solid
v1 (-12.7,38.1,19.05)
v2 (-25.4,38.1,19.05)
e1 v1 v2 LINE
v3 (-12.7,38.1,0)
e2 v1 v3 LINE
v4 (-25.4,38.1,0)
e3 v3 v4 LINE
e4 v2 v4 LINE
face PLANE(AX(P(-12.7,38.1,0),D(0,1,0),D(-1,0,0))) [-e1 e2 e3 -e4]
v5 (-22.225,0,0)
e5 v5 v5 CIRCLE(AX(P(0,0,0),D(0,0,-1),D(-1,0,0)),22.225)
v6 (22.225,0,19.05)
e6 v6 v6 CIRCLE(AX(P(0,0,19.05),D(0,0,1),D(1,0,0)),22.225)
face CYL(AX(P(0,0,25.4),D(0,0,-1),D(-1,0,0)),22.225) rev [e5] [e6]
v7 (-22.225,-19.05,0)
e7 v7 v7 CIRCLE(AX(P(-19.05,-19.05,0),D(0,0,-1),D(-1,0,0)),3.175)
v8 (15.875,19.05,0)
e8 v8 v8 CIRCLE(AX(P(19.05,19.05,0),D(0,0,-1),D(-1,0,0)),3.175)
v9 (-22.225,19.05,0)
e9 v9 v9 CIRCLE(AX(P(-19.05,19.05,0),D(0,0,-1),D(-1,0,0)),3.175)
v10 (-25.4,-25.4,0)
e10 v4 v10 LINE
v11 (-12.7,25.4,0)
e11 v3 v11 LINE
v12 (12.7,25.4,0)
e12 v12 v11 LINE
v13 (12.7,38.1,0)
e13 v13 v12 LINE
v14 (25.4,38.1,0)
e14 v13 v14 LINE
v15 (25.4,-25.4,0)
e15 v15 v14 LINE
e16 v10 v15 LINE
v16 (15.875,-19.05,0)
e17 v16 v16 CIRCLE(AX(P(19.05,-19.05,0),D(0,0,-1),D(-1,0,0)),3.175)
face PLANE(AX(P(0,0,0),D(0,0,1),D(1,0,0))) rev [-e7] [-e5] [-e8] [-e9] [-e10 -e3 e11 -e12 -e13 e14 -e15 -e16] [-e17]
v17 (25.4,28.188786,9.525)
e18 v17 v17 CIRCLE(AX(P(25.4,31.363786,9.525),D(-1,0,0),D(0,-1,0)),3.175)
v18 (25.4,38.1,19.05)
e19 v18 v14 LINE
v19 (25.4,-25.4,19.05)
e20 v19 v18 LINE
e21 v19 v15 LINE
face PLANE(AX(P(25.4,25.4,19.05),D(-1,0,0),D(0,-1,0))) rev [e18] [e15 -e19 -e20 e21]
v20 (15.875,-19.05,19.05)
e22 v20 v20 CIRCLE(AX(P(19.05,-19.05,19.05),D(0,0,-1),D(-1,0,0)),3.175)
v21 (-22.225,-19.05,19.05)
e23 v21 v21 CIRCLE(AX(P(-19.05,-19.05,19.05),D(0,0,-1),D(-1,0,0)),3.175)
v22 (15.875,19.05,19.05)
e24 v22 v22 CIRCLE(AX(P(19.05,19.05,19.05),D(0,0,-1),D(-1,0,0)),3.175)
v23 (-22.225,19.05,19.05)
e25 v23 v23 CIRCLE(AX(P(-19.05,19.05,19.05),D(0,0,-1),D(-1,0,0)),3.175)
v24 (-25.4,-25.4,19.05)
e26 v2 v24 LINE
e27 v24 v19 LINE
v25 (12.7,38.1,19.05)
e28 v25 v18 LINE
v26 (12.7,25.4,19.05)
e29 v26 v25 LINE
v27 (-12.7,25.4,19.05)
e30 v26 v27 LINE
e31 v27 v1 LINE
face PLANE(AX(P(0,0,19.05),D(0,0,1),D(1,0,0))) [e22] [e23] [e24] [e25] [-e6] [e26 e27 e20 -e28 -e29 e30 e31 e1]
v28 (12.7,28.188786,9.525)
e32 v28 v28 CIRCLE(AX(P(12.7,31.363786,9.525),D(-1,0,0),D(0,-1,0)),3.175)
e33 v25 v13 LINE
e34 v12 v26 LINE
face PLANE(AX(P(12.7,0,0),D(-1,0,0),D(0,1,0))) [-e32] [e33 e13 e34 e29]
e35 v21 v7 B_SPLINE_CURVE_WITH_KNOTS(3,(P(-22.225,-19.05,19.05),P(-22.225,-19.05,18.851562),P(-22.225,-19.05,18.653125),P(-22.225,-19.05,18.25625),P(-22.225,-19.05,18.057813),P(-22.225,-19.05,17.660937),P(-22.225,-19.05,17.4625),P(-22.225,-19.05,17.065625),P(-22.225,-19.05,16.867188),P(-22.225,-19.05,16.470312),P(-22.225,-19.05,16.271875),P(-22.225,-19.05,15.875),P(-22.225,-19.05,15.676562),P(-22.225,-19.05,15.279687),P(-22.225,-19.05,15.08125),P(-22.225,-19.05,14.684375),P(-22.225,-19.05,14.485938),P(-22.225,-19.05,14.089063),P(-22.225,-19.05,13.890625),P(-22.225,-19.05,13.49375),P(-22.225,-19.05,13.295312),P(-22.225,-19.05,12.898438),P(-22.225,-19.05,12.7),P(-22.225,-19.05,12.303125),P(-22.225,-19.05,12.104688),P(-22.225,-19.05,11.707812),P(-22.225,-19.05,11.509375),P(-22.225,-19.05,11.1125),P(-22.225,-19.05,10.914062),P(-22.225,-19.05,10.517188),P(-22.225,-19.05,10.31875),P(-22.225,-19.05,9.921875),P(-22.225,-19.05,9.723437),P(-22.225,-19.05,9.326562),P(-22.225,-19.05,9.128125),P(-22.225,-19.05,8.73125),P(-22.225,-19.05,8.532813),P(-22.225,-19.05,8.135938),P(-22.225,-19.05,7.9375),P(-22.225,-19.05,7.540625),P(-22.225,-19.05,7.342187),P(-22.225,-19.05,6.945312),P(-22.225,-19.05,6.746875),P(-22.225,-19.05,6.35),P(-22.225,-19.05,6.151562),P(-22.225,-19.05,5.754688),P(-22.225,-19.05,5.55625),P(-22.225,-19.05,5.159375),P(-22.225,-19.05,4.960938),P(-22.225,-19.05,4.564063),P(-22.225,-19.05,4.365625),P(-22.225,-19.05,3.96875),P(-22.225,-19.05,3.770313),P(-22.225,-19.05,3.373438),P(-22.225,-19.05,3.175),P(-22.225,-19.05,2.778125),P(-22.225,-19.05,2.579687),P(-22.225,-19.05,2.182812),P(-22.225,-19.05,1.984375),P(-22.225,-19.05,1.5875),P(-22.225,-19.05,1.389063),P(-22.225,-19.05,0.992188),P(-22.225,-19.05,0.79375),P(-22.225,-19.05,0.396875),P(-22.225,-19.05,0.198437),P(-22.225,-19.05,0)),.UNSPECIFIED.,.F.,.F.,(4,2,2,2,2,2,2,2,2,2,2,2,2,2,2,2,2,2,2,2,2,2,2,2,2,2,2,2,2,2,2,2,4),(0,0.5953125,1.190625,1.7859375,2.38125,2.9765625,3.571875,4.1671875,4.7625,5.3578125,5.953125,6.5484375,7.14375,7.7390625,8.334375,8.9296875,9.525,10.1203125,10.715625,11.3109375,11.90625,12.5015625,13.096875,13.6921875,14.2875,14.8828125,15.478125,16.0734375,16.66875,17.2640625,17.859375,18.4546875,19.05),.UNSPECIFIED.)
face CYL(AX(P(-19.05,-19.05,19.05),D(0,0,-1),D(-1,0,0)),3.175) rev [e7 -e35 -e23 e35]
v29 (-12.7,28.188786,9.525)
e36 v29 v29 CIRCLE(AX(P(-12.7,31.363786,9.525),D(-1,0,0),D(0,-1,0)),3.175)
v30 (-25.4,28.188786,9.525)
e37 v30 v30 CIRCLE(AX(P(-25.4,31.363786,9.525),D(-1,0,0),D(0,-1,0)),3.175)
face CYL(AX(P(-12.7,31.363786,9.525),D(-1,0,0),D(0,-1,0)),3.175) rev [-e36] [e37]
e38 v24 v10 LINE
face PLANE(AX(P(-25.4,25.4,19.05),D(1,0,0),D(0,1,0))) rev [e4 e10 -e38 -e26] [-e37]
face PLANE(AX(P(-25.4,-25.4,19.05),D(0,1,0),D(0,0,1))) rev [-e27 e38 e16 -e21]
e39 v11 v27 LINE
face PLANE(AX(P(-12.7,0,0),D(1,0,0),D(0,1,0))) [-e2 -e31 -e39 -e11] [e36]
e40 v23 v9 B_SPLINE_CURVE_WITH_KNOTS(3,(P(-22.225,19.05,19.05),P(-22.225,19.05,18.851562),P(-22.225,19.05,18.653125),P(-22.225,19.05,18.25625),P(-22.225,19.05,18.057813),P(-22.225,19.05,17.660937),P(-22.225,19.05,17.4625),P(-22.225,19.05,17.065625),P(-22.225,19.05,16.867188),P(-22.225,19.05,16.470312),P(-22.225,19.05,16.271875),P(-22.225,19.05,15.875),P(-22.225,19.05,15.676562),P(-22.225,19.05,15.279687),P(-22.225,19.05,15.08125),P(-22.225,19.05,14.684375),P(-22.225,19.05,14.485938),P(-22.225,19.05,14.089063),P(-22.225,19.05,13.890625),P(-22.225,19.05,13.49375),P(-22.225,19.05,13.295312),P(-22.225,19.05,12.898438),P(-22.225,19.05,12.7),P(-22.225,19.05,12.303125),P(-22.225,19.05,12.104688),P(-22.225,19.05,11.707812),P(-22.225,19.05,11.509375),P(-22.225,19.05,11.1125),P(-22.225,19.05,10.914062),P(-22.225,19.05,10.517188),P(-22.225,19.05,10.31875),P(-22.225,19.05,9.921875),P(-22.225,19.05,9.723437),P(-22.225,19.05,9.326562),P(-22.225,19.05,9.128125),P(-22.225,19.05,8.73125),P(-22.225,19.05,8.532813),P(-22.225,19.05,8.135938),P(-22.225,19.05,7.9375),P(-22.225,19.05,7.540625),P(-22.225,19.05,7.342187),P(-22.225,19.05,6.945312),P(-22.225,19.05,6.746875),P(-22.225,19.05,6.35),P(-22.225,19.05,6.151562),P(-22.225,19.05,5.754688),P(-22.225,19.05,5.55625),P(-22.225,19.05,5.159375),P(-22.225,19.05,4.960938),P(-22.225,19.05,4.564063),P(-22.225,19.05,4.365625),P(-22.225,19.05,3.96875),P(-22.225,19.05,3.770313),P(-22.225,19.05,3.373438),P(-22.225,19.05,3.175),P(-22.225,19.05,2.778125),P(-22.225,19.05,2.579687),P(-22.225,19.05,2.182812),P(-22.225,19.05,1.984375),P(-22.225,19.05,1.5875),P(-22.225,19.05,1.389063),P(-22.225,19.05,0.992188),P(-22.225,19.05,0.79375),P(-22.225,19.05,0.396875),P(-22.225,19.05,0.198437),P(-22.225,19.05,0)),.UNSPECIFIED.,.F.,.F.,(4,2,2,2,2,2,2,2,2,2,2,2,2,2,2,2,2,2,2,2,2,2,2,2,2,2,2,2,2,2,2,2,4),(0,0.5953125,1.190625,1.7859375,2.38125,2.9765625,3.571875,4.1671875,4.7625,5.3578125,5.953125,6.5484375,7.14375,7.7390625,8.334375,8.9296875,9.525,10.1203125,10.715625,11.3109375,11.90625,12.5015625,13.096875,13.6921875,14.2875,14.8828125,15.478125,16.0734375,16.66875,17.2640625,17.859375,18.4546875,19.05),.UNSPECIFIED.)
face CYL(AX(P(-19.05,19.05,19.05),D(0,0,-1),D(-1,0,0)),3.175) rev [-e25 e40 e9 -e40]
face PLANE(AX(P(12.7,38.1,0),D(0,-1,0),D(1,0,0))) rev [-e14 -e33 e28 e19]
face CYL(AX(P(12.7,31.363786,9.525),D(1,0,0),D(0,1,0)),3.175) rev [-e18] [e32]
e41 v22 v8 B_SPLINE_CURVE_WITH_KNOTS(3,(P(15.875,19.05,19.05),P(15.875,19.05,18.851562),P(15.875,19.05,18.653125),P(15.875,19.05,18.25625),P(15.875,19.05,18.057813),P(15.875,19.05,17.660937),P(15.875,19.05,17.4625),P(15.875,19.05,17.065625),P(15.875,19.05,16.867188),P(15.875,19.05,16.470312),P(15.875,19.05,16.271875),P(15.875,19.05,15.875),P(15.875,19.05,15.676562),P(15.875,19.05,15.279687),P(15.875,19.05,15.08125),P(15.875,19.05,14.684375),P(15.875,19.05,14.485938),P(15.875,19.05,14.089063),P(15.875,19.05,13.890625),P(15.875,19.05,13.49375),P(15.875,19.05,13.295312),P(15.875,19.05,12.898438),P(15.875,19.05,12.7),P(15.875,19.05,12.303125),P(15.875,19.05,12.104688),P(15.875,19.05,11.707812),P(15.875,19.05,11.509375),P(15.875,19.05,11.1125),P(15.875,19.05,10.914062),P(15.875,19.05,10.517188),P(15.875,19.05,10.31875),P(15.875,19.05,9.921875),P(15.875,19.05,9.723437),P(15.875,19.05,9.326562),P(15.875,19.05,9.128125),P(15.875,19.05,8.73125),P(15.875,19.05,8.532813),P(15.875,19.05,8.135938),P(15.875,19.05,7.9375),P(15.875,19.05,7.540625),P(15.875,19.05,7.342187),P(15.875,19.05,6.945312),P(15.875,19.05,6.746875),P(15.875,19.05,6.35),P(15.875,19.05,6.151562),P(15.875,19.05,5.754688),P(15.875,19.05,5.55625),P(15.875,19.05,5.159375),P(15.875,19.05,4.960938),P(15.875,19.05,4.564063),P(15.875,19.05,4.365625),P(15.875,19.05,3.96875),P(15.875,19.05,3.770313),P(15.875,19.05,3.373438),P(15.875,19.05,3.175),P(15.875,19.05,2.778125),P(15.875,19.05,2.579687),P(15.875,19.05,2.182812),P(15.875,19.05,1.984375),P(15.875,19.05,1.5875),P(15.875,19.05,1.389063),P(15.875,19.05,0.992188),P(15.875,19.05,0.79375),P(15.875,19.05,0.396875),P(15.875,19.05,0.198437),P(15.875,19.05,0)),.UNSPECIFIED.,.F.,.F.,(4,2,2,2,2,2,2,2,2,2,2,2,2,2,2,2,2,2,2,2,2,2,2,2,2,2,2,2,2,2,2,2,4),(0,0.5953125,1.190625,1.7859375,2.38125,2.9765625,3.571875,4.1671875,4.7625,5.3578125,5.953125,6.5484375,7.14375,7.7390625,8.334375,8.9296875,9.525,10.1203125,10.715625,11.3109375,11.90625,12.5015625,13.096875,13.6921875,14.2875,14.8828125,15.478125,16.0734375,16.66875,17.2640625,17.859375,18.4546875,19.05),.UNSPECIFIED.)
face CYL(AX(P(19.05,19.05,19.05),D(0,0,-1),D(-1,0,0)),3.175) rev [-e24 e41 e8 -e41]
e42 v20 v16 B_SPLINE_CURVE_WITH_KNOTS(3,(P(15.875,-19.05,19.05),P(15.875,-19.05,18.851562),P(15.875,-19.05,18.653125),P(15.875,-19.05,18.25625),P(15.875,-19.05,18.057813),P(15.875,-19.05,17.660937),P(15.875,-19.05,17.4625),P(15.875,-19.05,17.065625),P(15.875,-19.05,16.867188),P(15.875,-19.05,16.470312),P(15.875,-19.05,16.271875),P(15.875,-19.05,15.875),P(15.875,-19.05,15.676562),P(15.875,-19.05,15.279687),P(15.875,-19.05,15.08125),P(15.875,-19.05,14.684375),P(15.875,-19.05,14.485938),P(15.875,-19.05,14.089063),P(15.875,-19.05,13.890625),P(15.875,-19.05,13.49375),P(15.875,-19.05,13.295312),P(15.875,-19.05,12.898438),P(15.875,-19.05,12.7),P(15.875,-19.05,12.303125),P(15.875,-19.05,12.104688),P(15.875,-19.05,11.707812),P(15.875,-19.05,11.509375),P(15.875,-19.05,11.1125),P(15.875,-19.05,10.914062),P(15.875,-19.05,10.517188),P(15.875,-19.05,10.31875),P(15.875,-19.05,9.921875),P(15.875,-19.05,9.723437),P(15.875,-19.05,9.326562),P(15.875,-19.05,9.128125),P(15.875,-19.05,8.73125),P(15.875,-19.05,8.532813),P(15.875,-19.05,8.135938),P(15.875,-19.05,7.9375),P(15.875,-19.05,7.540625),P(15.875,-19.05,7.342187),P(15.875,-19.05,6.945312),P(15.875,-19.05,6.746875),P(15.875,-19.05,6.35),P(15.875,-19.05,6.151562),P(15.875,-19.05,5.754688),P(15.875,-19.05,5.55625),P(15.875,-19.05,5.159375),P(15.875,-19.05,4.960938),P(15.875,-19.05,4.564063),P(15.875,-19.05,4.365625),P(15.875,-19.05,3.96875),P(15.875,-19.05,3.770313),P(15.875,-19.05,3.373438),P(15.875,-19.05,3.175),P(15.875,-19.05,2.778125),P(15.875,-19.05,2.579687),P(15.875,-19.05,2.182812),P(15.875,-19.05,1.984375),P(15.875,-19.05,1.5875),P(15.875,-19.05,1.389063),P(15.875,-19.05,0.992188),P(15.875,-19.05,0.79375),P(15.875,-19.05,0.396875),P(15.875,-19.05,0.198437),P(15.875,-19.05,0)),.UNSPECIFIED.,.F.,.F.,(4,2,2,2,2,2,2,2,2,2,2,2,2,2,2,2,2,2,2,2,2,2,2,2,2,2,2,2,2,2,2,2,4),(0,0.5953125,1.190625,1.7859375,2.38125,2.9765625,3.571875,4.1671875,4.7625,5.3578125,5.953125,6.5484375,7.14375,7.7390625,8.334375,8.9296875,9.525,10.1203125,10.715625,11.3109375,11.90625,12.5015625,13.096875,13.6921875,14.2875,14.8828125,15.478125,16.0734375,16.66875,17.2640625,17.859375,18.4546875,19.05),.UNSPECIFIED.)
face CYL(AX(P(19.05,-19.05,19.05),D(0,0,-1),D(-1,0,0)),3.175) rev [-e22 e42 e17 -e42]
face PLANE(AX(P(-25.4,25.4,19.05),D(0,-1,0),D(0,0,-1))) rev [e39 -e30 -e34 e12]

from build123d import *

# Parameters (mm, degrees)
SKETCH1_W           = 50.8
SKETCH1_H           = 50.8
BOSS_EXTRUDE1_DEPTH = 19.05
SKETCH2_R           = 22.225
CUT_EXTRUDE1_DEPTH  = 25.4
SKETCH3_W           = 19.05
SKETCH3_H           = 12.7
SKETCH3_R           = 3.175
BOSS_EXTRUDE2_DEPTH = 12.7
SKETCH4_R           = 3.175
CUT_EXTRUDE2_DEPTH  = 50.595085442


with BuildPart() as part:
    # Sketch1 → Boss-Extrude1 (new body)
    with BuildSketch(Plane.XY):
        Rectangle(SKETCH1_W, SKETCH1_H)
    extrude(amount=BOSS_EXTRUDE1_DEPTH)

    # Sketch2 → Cut-Extrude1 (cut)
    with BuildSketch(Plane(origin=(0, 0, 0), x_dir=(-1, 0, 0), z_dir=(0, 0, -1))):
        Circle(SKETCH2_R)
    extrude(amount=-CUT_EXTRUDE1_DEPTH, mode=Mode.SUBTRACT)

    # Sketch3 → Boss-Extrude2 (add)
    with BuildSketch(Plane.ZY.offset(25.4)):
        with Locations((9.525, 31.75)):
            Rectangle(SKETCH3_W, SKETCH3_H)
        with Locations(Location((9.525, 31.363785976, 0), (0, 0, 270))):
            Circle(SKETCH3_R, mode=Mode.SUBTRACT)
    boss_extrude2 = extrude(amount=-BOSS_EXTRUDE2_DEPTH)

    # Mirror1: Boss-Extrude2 across plane
    add(boss_extrude2.mirror(Plane(origin=(0, 0, 0), x_dir=(0, 0, 1), z_dir=(1, 0, 0))))

    # Sketch4 → Cut-Extrude2 (cut, through all)
    with BuildSketch(Plane(origin=(0, 0, 0), x_dir=(-1, 0, 0), z_dir=(0, 0, -1))):
        with Locations((-19.05, 19.05)):
            Circle(SKETCH4_R)
        with Locations((19.05, 19.05)):
            Circle(SKETCH4_R)
        with Locations((19.05, -19.05)):
            Circle(SKETCH4_R)
        with Locations((-19.05, -19.05)):
            Circle(SKETCH4_R)
    extrude(amount=-CUT_EXTRUDE2_DEPTH, mode=Mode.SUBTRACT)


solid = part.part
